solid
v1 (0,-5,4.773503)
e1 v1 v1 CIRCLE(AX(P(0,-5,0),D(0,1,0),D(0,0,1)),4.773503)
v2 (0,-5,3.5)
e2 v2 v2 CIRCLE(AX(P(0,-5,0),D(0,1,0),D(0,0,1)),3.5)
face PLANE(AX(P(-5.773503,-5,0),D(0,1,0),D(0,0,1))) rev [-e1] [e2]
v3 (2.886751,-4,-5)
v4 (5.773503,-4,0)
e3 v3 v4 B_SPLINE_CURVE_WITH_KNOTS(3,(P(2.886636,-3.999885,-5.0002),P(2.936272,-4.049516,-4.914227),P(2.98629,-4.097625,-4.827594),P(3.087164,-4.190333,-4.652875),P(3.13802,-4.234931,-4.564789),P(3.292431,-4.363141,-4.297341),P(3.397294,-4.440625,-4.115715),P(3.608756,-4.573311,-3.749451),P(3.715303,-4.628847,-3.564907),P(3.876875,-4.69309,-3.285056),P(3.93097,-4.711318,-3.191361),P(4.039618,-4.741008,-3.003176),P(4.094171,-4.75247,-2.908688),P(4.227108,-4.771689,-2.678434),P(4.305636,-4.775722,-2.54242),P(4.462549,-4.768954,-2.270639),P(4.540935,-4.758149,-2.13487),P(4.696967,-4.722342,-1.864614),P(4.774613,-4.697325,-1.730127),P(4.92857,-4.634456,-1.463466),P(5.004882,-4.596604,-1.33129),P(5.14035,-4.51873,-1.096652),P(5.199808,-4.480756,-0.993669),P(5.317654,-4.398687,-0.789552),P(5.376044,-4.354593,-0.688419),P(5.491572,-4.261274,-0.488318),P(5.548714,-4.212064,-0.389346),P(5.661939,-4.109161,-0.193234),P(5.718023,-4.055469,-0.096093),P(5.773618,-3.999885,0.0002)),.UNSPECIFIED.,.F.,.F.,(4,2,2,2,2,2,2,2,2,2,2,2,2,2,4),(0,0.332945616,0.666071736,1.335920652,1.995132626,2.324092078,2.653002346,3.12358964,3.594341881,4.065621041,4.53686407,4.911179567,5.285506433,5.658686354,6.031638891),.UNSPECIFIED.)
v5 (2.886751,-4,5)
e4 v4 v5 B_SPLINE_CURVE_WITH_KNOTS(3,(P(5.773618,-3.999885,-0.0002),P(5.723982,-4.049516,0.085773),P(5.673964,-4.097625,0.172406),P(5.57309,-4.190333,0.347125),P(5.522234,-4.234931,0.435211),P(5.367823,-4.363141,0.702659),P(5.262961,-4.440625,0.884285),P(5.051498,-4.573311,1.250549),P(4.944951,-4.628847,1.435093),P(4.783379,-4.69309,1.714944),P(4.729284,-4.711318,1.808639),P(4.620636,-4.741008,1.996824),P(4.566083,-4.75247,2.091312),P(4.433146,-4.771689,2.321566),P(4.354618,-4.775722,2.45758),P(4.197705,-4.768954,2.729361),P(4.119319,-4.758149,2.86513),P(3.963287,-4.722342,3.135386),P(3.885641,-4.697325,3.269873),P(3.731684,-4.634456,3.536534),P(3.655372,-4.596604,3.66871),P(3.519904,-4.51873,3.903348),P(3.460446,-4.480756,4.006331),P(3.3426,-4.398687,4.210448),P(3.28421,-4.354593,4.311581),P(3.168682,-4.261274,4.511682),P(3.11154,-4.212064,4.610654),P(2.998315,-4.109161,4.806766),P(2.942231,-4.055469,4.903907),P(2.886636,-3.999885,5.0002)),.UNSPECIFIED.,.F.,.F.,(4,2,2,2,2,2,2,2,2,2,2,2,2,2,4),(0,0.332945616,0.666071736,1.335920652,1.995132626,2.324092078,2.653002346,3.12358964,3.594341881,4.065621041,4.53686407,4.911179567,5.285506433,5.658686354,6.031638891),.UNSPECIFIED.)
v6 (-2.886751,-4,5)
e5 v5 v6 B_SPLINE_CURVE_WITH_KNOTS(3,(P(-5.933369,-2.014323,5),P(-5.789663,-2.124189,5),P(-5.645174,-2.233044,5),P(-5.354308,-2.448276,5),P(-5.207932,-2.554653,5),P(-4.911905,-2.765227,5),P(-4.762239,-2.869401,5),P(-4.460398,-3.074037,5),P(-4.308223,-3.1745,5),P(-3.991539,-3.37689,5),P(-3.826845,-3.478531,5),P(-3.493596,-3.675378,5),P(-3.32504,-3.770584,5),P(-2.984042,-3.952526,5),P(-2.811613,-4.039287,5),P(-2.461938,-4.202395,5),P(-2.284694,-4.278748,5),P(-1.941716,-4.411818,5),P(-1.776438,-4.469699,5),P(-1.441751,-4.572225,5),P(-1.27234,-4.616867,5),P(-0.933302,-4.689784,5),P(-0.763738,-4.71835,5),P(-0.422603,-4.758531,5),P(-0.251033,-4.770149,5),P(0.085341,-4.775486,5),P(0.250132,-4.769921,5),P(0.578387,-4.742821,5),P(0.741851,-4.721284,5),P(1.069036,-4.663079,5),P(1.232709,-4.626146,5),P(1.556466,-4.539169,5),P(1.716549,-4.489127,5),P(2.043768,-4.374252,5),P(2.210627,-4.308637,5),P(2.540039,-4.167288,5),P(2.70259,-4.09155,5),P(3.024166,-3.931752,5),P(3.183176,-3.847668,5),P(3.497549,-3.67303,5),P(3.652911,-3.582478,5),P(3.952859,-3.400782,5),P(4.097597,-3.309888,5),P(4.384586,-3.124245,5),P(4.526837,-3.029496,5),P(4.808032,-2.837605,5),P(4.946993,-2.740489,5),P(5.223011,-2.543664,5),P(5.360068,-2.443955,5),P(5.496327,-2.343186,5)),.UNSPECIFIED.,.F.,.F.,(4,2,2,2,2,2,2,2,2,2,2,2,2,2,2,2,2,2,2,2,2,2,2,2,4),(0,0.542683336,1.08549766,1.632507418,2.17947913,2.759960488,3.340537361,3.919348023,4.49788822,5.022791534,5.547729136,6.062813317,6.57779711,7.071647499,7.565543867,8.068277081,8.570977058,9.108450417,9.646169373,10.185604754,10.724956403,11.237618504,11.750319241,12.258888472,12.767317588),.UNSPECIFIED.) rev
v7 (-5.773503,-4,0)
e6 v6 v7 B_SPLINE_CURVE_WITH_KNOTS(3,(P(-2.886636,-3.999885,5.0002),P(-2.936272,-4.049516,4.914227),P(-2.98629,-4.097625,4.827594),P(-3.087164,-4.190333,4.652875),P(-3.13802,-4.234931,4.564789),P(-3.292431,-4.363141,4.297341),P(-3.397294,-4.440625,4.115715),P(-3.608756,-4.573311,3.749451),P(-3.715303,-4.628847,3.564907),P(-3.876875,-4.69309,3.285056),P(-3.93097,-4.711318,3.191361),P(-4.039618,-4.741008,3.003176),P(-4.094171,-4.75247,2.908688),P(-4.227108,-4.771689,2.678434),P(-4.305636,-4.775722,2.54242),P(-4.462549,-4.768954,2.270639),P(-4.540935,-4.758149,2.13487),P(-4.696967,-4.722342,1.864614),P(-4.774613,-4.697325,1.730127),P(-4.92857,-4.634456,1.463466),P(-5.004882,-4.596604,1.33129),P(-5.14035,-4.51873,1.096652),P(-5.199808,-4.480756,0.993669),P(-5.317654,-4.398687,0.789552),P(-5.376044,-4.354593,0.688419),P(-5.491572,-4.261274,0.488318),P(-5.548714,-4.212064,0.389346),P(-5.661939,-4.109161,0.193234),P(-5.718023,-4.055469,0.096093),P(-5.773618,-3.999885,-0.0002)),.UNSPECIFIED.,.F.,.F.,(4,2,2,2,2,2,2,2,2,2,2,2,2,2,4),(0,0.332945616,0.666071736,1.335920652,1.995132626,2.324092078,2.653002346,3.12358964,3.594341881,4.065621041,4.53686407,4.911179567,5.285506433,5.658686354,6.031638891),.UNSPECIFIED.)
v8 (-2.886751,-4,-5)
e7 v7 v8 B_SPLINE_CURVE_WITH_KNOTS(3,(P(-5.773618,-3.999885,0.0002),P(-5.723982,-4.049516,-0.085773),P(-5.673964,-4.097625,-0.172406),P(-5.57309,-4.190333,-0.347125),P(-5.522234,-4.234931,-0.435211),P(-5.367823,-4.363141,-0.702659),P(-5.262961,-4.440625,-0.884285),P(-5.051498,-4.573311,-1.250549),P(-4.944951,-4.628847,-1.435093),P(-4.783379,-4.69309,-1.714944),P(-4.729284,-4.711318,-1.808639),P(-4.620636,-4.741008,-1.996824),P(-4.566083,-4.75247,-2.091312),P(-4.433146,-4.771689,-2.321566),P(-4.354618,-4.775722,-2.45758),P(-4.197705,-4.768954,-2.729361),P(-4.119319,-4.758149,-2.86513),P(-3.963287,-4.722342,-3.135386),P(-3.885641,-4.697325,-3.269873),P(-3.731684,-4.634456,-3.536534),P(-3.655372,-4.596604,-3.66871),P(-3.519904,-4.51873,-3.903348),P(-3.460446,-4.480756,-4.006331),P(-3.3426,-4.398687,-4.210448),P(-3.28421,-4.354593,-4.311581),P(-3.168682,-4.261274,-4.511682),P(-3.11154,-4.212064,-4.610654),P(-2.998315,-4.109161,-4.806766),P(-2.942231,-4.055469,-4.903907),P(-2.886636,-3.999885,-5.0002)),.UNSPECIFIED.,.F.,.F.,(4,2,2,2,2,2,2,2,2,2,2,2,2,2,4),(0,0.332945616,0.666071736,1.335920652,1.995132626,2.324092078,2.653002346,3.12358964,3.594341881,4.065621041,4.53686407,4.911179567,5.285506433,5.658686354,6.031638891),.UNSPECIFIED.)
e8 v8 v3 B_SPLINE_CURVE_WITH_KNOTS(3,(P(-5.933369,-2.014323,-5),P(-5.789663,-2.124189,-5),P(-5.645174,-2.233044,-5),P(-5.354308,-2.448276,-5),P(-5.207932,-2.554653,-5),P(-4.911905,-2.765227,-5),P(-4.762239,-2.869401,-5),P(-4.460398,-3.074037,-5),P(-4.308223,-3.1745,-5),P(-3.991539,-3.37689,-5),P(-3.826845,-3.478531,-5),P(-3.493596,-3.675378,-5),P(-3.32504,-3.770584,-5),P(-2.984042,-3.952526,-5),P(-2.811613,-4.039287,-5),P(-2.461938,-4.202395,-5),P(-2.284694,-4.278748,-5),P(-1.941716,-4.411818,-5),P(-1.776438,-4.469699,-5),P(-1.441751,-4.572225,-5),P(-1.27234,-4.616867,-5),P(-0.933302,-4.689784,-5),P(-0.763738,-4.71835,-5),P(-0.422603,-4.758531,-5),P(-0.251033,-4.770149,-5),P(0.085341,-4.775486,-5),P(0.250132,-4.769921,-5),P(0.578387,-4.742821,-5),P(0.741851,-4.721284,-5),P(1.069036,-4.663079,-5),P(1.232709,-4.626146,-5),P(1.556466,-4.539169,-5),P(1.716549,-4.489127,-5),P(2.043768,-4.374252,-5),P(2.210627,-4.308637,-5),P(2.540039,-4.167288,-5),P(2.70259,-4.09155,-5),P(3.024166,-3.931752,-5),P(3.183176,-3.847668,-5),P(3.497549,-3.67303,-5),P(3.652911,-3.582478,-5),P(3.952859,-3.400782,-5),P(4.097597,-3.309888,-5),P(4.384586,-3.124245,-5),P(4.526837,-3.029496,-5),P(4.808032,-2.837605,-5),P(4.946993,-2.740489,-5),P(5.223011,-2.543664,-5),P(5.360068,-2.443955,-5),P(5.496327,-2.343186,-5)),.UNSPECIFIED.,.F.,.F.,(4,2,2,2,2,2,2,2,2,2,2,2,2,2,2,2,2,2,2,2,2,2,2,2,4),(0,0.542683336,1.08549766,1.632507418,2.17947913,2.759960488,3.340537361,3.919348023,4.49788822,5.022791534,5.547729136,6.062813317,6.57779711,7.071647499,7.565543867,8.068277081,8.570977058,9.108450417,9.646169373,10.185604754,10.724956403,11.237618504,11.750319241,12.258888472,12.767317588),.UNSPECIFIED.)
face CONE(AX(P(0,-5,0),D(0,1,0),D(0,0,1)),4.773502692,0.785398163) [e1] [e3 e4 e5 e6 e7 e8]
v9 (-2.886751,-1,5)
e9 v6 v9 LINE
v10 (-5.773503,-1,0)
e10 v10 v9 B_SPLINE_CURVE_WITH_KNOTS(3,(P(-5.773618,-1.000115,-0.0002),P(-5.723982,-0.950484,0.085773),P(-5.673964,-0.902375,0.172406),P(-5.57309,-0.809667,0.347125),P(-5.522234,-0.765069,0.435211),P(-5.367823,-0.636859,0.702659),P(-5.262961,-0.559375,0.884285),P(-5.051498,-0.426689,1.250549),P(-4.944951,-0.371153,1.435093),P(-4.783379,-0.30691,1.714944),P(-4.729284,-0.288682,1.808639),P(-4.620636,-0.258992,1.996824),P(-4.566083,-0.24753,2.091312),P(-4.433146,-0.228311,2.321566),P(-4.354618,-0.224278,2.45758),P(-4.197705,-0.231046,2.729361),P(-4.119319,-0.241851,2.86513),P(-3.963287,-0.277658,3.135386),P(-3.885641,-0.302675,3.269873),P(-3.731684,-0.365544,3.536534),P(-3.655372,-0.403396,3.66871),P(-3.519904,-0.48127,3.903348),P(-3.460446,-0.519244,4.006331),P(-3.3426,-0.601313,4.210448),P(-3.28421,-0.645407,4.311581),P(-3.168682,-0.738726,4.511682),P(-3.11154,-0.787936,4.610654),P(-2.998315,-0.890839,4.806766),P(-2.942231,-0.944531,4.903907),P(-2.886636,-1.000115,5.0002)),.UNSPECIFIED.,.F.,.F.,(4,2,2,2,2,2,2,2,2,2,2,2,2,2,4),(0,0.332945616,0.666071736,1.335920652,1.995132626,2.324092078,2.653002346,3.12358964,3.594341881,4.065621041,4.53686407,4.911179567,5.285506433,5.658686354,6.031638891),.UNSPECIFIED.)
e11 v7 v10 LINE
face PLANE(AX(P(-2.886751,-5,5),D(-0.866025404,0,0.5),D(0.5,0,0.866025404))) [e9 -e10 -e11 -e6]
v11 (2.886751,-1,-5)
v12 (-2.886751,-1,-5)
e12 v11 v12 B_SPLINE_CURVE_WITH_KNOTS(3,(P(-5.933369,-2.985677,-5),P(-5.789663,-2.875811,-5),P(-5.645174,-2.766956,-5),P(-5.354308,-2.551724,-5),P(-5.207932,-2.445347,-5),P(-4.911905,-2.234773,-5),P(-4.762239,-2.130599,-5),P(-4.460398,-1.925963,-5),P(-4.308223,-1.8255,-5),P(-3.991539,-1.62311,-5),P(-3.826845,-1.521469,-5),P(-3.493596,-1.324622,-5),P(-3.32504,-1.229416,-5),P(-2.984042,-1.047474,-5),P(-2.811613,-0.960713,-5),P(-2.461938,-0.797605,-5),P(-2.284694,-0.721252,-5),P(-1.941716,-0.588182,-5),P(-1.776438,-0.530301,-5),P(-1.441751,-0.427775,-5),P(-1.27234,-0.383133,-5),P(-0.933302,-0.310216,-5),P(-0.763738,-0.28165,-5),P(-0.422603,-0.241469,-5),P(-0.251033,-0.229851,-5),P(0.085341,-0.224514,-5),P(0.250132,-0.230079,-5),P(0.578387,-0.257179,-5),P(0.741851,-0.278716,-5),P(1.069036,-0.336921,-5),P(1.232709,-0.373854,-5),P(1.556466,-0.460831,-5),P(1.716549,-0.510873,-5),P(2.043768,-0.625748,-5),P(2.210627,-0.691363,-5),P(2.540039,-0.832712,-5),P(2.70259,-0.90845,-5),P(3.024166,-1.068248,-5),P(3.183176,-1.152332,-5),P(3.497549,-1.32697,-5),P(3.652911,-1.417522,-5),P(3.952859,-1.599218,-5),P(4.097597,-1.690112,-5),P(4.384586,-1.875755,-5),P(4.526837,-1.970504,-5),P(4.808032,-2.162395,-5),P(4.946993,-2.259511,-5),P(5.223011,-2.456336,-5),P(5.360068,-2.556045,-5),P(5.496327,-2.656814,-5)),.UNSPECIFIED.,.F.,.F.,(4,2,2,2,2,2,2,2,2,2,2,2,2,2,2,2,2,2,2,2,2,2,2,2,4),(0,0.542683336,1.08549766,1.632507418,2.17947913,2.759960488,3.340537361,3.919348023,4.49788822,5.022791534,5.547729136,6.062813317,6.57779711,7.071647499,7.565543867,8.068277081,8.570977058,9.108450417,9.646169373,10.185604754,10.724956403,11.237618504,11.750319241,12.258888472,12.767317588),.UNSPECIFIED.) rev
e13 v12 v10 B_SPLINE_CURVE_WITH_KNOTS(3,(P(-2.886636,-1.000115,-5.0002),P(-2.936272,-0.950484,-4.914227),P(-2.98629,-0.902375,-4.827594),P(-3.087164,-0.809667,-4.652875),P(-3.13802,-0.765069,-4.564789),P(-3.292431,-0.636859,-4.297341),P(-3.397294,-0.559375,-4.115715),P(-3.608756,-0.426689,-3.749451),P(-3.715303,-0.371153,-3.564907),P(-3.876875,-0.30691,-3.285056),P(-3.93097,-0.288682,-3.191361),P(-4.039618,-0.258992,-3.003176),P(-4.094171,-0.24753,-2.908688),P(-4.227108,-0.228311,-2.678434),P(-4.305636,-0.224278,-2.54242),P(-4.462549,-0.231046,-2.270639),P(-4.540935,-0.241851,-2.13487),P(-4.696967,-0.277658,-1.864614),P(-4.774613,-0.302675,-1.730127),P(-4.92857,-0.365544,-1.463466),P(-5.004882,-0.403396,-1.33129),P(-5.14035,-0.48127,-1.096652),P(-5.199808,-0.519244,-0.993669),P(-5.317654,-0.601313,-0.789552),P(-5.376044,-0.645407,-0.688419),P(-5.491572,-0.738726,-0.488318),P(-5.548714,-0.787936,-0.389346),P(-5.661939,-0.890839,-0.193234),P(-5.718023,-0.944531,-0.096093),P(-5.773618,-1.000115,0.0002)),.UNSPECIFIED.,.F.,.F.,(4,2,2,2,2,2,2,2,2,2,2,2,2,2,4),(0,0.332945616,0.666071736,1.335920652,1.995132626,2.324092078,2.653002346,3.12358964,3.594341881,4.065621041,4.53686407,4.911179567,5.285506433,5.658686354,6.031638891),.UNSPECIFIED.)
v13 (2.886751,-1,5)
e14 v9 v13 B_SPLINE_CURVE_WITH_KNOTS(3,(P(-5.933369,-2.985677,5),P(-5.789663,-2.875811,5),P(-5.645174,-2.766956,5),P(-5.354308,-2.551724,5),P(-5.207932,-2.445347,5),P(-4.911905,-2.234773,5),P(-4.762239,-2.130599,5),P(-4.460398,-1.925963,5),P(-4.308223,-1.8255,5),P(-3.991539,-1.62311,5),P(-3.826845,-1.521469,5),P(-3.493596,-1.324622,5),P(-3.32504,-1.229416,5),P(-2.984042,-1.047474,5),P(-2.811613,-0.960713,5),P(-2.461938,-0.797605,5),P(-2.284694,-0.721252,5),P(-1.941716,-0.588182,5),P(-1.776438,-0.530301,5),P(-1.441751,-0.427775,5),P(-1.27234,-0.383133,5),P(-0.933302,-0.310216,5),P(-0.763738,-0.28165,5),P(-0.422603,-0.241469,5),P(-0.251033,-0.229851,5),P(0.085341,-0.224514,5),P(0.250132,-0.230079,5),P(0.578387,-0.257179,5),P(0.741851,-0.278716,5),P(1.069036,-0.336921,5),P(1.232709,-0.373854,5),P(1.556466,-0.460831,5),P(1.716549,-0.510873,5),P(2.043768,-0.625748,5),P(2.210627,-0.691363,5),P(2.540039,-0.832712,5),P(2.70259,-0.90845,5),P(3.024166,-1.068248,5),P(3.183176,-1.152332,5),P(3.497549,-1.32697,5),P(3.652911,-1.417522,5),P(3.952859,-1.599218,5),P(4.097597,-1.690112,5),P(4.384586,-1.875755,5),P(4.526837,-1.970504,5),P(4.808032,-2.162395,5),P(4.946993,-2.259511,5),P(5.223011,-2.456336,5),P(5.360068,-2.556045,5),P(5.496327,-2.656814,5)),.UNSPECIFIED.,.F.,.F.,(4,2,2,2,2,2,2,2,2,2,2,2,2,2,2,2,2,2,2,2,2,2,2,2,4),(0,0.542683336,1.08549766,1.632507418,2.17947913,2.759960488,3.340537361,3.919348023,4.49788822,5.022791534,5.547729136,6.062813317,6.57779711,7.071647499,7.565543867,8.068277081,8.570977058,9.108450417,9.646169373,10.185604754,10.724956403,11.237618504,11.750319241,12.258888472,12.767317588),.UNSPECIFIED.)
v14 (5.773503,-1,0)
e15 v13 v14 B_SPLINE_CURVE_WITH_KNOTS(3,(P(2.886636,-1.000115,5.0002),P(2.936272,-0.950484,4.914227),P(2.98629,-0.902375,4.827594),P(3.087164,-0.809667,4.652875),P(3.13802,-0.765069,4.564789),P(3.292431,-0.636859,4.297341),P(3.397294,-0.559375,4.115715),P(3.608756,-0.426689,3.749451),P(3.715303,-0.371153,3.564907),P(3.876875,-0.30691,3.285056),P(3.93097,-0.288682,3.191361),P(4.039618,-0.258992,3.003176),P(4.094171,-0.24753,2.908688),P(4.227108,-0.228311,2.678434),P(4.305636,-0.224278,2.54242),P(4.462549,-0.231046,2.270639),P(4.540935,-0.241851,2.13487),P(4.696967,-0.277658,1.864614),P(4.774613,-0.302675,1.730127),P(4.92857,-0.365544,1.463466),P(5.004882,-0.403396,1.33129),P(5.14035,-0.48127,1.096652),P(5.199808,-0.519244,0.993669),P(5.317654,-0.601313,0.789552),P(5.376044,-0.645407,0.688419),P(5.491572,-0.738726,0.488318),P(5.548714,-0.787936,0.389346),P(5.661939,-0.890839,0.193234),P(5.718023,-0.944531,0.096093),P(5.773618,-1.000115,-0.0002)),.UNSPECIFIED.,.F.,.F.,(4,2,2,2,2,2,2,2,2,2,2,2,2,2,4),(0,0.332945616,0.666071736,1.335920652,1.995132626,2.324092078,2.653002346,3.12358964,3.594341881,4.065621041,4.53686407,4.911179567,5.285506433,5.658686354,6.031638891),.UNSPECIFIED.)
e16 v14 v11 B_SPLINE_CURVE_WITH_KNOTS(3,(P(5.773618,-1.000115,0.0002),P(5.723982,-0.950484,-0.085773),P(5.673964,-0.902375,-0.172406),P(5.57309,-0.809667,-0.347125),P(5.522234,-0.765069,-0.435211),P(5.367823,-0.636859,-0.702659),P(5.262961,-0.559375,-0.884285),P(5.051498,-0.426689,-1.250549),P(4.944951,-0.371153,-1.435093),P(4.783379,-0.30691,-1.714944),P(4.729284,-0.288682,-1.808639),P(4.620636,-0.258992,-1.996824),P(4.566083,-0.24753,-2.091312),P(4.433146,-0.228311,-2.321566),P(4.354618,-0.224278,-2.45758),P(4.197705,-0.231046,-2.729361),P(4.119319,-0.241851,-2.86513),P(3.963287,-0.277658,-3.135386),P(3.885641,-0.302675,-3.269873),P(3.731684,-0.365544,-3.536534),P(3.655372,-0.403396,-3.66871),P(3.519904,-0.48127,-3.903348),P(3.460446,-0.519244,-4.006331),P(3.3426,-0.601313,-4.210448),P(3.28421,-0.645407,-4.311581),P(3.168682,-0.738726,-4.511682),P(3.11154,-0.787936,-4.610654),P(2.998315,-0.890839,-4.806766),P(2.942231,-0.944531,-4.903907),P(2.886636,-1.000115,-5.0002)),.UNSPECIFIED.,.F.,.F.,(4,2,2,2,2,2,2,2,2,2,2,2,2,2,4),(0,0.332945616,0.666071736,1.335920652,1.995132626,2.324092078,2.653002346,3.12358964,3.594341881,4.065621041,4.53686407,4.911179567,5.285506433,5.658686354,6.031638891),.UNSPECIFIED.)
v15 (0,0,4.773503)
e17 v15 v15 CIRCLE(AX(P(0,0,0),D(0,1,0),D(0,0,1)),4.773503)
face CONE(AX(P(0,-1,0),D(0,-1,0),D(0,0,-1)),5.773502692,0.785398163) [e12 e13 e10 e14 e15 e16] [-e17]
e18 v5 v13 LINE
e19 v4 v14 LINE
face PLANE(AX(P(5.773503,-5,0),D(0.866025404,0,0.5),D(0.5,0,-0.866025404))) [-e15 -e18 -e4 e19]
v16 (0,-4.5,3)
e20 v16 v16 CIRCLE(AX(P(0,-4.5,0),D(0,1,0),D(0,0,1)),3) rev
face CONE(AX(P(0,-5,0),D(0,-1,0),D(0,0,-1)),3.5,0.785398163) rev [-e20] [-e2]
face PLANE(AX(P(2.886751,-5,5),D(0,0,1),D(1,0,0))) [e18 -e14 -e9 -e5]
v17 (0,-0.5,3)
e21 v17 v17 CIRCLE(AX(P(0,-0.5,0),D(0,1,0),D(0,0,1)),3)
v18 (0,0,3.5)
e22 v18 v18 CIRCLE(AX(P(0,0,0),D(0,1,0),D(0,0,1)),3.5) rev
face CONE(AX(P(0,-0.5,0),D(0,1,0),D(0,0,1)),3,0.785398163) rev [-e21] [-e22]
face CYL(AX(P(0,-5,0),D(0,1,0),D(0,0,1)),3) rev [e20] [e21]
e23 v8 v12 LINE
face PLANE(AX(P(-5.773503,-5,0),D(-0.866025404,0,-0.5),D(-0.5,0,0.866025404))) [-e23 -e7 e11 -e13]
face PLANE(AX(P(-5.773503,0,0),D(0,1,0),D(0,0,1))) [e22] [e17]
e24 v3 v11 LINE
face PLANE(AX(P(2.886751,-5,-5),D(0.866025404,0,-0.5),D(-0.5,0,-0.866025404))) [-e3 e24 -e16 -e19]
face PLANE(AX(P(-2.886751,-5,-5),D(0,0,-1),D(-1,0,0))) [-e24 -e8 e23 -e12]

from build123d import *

# Parameters (mm, degrees)
EXTRUDE_1_DEPTH     = 5
SKETCH_2_R          = 3
CUT_EXTRUDE_1_DEPTH = 10.128709292
CHAMFER_1_SIZE      = 0.5


with BuildPart() as part:
    # Эскиз1 → Вытянуть1 (new body)
    with BuildSketch(Plane(origin=(0, 0, 0), x_dir=(1, 0, 0), z_dir=(0, 1, 0))):
        Polygon((-2.886751346, 5), (2.886751346, 5), (5.773502692, 0), (2.886751346, -5), (-2.886751346, -5), (-5.773502692, 0), align=None)
    extrude(amount=-EXTRUDE_1_DEPTH)

    # Эскиз2 → Вырез-Вытянуть1 (cut, through all)
    with BuildSketch(Plane(origin=(0, 0, 0), x_dir=(-1, 0, 0), z_dir=(0, 1, 0))):
        with Locations(Location((0, 0, 0), (0, 0, 90))):
            Circle(SKETCH_2_R)
    extrude(amount=-CUT_EXTRUDE_1_DEPTH, mode=Mode.SUBTRACT)

    # Фаска1
    chamfer_1_edges = [part.edges().sort_by_distance(p)[0] for p in [
        (0, -5, -3),
        (0, 0, -3),
    ]]
    chamfer(chamfer_1_edges, length=CHAMFER_1_SIZE)

    # Эскиз3 → Вырез-Повернуть1 (revolve, cut)
    with BuildSketch(Plane.XY, mode=Mode.PRIVATE) as cut_revolve_1_sk:
        Polygon((-5.773502692, -1), (-4.773502692, 0), (-5.773502692, 0), align=None)
        Polygon((-5.773502692, -4), (-4.773502692, -5), (-5.773502692, -5), align=None)
    revolve(cut_revolve_1_sk.sketch.rotate(Axis((0, -0.5, 0), (0, -1, 0)), 120.000000095), axis=Axis((0, -0.5, 0), (0, -1, 0)), mode=Mode.SUBTRACT)


solid = part.part
